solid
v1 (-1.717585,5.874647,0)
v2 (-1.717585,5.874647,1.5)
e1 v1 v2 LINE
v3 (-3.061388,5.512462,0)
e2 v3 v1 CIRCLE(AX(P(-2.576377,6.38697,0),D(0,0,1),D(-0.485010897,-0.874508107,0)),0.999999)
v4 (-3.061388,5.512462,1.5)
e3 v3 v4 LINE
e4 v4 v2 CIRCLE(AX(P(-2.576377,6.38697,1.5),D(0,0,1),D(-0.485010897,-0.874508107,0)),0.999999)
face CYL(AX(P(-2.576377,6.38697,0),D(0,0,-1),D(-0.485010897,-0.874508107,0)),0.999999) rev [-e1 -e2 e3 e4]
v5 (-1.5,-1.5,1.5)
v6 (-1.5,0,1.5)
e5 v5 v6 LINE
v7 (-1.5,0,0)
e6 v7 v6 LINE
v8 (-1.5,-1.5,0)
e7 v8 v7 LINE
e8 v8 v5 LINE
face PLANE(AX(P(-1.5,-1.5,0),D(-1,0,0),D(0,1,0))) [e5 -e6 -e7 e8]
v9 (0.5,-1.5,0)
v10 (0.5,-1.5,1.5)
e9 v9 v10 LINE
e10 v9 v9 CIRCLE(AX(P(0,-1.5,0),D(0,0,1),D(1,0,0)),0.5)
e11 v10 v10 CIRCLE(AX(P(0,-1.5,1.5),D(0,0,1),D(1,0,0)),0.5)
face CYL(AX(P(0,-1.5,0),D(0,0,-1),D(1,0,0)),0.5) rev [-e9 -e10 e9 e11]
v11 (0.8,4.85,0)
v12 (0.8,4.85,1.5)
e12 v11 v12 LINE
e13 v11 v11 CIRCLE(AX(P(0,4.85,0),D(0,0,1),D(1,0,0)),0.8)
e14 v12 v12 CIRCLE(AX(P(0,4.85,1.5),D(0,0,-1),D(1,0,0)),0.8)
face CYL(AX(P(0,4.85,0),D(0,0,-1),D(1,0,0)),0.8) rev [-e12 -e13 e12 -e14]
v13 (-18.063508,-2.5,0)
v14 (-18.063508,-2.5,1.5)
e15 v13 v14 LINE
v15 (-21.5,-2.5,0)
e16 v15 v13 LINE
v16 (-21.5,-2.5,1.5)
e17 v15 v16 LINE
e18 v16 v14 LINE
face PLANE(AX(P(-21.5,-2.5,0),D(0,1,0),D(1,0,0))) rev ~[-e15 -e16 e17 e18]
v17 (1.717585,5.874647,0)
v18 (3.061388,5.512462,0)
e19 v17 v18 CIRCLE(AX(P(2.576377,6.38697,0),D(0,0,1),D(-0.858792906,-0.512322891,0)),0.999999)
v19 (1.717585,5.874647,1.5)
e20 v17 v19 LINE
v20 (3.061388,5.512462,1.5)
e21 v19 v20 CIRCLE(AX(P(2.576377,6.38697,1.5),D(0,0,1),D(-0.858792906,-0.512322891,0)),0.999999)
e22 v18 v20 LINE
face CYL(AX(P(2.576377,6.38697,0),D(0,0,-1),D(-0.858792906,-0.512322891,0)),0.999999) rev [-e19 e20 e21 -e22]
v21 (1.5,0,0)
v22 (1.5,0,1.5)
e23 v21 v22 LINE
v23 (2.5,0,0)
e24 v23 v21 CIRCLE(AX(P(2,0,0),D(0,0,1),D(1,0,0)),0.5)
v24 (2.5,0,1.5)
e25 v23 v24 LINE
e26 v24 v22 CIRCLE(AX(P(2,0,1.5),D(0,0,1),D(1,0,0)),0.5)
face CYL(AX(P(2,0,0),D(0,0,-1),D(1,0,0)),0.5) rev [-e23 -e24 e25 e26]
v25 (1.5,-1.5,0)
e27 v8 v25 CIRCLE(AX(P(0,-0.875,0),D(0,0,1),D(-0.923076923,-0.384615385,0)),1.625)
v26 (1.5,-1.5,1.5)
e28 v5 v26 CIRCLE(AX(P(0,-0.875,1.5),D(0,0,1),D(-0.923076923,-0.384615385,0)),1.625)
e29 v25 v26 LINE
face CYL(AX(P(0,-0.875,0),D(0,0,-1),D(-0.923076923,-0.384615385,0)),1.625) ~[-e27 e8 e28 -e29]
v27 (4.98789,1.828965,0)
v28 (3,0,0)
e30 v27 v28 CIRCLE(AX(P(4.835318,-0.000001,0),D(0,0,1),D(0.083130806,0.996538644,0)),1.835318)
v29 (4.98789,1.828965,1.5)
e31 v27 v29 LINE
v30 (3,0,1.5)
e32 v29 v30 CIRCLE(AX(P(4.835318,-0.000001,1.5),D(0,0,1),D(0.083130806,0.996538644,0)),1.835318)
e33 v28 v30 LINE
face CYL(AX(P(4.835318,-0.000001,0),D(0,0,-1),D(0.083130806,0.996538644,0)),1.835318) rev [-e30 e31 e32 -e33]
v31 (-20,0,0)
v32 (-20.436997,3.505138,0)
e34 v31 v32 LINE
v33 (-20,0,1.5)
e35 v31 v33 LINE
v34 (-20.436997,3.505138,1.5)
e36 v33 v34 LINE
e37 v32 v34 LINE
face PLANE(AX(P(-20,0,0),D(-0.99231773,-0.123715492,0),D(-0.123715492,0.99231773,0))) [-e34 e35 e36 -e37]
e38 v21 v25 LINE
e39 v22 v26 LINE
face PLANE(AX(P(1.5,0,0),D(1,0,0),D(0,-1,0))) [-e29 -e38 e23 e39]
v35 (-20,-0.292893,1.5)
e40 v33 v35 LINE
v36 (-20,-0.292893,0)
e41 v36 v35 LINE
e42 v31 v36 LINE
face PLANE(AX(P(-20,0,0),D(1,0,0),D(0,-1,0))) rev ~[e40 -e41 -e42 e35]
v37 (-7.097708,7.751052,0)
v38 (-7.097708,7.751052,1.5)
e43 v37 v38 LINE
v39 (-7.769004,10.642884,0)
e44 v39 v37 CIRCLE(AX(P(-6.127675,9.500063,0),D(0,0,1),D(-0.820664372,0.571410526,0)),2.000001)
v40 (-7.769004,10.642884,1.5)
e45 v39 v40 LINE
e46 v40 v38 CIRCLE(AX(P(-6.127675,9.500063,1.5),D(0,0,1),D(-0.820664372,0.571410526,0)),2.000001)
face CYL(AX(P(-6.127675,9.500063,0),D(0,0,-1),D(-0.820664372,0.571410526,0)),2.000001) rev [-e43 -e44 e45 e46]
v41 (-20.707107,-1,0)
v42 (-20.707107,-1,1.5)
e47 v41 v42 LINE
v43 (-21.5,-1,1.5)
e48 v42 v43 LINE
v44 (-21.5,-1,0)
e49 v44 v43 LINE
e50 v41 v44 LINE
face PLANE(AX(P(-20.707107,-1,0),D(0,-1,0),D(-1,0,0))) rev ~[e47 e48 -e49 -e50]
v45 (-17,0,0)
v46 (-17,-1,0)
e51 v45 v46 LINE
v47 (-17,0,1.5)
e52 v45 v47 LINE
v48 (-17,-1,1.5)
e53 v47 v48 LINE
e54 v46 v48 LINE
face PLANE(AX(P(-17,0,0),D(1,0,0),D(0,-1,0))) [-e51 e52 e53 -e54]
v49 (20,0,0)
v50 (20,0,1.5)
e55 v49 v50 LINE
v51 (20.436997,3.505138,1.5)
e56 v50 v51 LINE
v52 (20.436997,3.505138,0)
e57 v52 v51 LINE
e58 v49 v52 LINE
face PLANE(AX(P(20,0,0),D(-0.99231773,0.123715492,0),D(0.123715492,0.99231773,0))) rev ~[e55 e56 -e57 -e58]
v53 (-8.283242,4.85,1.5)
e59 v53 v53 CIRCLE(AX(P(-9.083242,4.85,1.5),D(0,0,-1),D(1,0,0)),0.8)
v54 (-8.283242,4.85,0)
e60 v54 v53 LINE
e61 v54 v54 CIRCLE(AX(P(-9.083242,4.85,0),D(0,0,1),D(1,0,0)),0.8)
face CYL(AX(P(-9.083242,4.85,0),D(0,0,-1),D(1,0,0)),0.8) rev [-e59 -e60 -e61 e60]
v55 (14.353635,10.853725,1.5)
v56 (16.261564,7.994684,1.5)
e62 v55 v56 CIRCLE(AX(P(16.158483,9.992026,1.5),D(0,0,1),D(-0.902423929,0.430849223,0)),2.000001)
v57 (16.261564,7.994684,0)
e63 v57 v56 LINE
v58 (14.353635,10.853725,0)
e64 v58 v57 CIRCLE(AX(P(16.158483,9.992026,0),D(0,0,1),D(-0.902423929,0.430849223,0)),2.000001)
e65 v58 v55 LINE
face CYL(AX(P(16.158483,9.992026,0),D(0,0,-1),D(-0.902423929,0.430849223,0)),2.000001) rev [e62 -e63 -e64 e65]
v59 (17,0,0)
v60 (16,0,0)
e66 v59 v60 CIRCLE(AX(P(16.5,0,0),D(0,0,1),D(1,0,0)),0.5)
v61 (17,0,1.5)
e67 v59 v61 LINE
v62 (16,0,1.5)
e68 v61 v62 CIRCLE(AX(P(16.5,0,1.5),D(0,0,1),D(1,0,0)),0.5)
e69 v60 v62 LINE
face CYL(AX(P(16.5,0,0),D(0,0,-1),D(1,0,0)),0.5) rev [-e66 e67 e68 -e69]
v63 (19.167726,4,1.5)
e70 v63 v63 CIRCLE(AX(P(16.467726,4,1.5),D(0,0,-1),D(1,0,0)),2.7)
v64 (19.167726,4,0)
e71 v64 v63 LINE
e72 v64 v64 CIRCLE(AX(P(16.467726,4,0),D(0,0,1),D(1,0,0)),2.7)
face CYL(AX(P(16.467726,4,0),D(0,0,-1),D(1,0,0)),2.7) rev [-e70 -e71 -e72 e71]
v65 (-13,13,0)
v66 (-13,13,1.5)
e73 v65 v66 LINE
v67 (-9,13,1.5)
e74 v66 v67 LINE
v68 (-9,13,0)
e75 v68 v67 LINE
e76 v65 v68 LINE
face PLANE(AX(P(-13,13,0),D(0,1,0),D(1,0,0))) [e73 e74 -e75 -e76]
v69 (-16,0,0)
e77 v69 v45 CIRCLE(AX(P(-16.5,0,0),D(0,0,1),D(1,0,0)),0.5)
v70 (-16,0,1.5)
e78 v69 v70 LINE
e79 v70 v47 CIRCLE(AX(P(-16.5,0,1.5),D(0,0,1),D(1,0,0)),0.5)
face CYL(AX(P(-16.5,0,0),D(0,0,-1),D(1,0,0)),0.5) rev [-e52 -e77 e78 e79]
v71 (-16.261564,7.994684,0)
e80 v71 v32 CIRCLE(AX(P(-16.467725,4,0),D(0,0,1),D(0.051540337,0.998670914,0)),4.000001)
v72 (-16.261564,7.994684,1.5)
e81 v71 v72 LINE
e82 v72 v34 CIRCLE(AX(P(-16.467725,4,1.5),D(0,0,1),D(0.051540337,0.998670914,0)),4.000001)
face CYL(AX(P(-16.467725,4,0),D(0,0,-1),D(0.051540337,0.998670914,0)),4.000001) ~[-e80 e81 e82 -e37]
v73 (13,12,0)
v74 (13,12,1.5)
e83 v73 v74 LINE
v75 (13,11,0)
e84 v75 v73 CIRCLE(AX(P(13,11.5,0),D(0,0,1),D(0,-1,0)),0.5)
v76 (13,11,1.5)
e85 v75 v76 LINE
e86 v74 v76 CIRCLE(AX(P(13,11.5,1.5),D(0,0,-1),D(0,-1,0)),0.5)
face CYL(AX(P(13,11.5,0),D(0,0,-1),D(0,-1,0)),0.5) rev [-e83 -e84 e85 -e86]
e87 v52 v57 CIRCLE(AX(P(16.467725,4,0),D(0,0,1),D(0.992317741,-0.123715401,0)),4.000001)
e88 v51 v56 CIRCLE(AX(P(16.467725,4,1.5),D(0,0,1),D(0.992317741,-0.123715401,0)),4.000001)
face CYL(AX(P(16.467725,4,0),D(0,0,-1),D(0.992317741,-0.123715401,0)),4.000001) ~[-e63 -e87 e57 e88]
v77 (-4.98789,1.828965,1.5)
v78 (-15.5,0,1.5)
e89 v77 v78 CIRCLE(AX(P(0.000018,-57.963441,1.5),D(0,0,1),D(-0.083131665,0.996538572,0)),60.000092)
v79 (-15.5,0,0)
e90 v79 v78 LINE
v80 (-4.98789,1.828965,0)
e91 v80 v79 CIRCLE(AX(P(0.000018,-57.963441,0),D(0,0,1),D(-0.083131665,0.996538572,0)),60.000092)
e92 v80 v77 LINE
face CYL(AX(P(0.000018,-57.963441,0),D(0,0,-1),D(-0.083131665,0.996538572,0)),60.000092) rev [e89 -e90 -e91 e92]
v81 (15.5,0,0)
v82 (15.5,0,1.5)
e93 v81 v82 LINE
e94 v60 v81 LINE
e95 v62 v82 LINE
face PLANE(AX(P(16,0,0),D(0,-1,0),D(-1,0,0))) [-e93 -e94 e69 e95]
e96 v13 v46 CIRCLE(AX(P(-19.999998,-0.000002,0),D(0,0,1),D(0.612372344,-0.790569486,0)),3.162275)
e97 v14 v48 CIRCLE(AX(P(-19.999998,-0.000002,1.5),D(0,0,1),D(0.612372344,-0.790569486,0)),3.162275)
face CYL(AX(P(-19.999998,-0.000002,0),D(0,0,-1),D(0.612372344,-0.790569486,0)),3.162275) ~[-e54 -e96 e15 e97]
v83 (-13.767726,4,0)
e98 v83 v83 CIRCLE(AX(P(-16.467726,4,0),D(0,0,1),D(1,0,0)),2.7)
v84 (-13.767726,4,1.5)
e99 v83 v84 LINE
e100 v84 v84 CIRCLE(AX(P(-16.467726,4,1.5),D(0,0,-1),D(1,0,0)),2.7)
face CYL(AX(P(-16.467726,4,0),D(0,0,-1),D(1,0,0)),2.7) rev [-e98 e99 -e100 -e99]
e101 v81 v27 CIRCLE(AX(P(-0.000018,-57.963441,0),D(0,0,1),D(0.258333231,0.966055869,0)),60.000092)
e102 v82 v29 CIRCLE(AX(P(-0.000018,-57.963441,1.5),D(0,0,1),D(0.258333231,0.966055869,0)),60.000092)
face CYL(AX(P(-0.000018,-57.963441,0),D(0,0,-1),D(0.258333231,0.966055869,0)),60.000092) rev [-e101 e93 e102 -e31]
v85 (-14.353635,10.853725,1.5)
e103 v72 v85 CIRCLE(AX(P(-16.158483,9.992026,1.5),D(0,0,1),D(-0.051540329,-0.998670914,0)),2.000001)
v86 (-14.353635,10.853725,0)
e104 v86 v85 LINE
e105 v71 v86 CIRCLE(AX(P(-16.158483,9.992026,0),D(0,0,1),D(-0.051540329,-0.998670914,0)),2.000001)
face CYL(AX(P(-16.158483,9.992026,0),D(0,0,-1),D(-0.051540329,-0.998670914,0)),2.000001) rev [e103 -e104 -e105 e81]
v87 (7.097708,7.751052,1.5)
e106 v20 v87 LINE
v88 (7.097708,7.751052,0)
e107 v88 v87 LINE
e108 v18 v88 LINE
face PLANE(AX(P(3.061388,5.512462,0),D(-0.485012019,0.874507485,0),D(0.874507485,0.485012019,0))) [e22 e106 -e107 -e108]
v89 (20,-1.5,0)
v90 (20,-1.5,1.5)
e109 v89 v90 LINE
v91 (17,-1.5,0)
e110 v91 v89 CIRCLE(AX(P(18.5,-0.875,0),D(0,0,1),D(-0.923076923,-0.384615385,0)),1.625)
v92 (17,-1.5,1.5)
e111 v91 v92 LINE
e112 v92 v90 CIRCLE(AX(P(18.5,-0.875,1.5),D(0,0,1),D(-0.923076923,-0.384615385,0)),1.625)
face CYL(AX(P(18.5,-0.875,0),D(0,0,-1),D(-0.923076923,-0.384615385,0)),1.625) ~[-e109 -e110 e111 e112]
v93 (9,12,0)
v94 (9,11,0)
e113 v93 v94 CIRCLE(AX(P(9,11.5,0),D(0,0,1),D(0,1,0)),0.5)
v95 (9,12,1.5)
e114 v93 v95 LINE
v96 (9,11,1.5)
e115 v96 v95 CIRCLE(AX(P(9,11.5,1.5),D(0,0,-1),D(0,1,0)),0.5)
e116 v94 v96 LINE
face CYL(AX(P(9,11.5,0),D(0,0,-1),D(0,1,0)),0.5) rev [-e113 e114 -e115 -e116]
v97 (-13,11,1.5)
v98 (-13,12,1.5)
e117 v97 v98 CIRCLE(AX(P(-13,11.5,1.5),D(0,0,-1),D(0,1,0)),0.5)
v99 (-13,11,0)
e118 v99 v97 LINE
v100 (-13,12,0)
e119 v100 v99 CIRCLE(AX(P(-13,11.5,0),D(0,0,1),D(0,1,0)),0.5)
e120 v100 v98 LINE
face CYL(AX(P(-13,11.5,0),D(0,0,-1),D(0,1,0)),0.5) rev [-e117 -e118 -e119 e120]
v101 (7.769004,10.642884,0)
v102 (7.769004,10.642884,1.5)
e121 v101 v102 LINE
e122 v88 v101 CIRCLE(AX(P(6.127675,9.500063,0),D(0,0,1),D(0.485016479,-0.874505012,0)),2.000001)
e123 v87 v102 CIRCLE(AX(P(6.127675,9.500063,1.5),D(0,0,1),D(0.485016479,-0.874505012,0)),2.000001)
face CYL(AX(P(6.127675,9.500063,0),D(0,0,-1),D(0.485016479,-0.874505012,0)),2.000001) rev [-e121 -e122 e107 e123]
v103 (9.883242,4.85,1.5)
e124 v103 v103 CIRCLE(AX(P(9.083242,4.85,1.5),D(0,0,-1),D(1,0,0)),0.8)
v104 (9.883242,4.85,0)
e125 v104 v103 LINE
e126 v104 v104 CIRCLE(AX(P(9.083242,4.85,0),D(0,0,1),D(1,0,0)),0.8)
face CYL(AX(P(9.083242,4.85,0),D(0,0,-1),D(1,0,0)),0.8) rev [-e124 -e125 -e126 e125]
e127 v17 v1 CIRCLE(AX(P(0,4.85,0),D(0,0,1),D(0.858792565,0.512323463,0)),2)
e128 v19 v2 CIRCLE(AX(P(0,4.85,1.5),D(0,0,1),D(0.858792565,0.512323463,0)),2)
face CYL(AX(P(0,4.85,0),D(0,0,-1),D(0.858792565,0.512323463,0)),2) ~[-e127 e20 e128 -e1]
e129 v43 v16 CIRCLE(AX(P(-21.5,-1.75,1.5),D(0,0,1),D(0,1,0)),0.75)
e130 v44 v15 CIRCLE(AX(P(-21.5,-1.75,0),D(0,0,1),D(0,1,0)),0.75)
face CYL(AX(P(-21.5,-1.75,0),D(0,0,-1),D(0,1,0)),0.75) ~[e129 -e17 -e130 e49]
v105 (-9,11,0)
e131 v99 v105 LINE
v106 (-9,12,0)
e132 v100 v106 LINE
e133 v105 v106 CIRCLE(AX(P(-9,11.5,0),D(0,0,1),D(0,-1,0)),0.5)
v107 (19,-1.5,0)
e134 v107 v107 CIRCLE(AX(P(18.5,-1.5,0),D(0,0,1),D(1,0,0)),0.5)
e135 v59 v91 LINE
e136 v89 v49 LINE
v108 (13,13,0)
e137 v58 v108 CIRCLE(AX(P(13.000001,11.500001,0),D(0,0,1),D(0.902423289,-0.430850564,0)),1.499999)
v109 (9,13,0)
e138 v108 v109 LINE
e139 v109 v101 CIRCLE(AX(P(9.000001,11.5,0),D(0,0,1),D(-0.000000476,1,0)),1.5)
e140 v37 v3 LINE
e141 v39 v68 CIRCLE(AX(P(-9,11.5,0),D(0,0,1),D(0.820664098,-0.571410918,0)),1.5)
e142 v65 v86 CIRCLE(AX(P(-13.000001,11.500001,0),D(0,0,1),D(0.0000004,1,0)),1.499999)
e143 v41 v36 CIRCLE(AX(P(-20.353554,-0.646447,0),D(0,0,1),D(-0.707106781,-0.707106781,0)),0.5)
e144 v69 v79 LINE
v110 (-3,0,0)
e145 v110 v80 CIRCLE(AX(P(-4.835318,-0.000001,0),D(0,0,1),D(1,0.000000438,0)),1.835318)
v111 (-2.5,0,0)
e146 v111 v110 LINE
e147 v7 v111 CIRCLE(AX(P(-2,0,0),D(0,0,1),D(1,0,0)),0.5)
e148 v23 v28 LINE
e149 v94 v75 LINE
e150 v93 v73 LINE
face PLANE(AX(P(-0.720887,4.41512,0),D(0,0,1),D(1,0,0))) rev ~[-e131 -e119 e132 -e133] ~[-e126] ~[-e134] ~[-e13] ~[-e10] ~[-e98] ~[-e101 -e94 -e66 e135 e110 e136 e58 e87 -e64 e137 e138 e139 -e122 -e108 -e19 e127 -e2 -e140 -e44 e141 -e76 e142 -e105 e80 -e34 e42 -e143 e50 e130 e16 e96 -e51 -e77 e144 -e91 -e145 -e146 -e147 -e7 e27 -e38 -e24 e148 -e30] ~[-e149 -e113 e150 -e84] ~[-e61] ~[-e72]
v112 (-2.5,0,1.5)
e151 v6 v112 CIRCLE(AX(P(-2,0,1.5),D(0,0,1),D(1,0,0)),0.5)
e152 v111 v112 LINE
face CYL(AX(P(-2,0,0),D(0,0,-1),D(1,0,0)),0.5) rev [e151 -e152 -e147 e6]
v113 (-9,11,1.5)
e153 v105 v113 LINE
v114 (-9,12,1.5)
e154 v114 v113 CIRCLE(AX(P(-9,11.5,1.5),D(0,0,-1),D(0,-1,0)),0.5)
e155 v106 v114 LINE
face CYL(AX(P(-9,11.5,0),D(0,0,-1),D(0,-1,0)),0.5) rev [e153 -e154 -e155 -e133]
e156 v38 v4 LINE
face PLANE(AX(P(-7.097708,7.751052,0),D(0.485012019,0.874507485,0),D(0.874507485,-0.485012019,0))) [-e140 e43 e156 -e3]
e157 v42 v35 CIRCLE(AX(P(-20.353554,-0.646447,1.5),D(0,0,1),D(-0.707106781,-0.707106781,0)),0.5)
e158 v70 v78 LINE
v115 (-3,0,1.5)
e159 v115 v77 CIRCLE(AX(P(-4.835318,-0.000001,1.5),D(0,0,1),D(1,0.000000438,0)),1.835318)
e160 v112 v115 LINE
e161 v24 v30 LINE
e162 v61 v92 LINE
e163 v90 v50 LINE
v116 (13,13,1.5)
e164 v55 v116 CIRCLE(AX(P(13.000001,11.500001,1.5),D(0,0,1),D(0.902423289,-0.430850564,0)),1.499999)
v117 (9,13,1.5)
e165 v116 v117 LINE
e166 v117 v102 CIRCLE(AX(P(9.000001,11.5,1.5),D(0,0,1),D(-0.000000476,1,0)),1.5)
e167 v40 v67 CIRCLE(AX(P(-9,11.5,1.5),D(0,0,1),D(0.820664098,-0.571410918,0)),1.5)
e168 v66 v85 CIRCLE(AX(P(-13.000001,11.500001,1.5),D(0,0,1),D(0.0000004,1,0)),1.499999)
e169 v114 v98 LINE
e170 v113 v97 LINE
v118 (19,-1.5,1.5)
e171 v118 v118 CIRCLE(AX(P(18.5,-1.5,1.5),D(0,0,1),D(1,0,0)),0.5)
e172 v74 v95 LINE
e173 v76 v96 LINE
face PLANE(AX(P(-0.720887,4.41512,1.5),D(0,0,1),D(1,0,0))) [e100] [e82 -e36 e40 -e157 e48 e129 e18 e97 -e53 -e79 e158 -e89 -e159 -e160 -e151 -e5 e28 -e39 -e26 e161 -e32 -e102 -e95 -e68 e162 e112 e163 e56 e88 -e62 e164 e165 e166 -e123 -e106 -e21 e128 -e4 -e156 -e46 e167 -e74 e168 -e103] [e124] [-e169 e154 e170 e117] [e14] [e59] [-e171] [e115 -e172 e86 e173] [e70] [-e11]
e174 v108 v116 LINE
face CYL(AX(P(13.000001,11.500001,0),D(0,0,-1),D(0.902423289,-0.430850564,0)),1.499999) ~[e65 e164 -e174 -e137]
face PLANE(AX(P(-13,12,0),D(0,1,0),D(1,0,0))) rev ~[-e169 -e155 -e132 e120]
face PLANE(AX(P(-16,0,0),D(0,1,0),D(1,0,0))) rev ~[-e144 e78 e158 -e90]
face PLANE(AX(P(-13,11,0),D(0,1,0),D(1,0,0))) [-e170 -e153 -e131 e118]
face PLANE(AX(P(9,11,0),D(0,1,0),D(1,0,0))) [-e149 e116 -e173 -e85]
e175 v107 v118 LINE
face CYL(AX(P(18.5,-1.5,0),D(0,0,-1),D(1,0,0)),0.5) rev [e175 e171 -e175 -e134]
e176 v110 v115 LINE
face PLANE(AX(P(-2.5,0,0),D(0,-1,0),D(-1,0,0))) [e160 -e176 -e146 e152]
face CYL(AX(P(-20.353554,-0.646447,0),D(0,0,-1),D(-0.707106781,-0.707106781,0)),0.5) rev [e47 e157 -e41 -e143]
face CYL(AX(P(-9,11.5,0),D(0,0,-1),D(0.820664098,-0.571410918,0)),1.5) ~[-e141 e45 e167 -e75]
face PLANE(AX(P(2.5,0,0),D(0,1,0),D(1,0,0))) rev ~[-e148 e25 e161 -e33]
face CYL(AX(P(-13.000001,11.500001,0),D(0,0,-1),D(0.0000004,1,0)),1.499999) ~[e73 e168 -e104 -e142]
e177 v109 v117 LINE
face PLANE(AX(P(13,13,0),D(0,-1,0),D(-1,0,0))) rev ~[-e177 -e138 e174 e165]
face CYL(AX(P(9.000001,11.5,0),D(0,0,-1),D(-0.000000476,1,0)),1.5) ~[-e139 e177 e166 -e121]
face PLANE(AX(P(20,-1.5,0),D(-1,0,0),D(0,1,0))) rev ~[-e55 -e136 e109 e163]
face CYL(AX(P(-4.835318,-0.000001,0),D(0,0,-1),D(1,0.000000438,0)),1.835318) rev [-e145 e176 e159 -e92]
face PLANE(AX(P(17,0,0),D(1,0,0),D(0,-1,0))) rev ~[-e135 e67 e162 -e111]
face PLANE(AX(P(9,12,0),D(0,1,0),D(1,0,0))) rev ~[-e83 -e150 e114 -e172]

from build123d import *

# Parameters (mm, degrees)
SKETCH007_R          = 0.5
PAD001_DEPTH         = 1.5
POCKET_DEPTH         = 1.501
POCKET_DEPTH_BACK    = 0.001
SKETCH_R             = 0.8
SKETCH_R_2           = 2.7
POCKET001_DEPTH      = 1.501
POCKET001_DEPTH_BACK = 0.001


with BuildPart() as part:
    # Sketch007 → Pad001 (new body)
    with BuildSketch(Plane.XY):
        with BuildLine():
            Line((-20, 0), (-20, -0.292893))
            ThreePointArc((-20.707107, -1), (-20, -1), (-20, -0.292893))
            Line((-20.707107, -1), (-21.5, -1))
            ThreePointArc((-21.5, -1), (-22.25, -1.75), (-21.5, -2.5))
            Line((-21.5, -2.5), (-18.063508, -2.5))
            ThreePointArc((-18.063508, -2.5), (-17.420322, -1.829006), (-17, -1))
            Line((-17, 0), (-17, -1))
            ThreePointArc((-16, 0), (-16.5, 0.5), (-17, 0))
            Line((-16, 0), (-15.5, 0))
            ThreePointArc((-4.98789, 1.828965), (-10.284682, 1.148622), (-15.5, 0))
            ThreePointArc((-3, 0), (-3.592665, 1.350631), (-4.98789, 1.828965))
            Line((-2.5, 0), (-3, 0))
            ThreePointArc((-1.5, 0), (-2, 0.5), (-2.5, 0))
            Line((-1.5, -1.5), (-1.5, 0))
            ThreePointArc((-1.5, -1.5), (0, -2.5), (1.5, -1.5))
            Line((1.5, 0), (1.5, -1.5))
            ThreePointArc((2.5, 0), (2, 0.5), (1.5, 0))
            Line((2.5, 0), (3, 0))
            ThreePointArc((4.98789, 1.828965), (3.592665, 1.350631), (3, 0))
            ThreePointArc((15.5, 0), (10.284682, 1.148622), (4.98789, 1.828965))
            Line((16, 0), (15.5, 0))
            ThreePointArc((17, 0), (16.5, 0.5), (16, 0))
            Line((17, 0), (17, -1.5))
            ThreePointArc((17, -1.5), (18.5, -2.5), (20, -1.5))
            Line((20, -1.5), (20, 0))
            Line((20, 0), (20.436997, 3.505138))
            ThreePointArc((20.436997, 3.505138), (19.396762, 6.724105), (16.261564, 7.994684))
            ThreePointArc((14.353635, 10.853725), (14.494893, 8.88186), (16.261564, 7.994684))
            ThreePointArc((14.353635, 10.853725), (14.268742, 12.300184), (13, 13))
            Line((13, 13), (9, 13))
            ThreePointArc((9, 13), (7.6704, 12.194379), (7.769004, 10.642884))
            ThreePointArc((7.097708, 7.751052), (8.075873, 9.047817), (7.769004, 10.642884))
            Line((3.061388, 5.512462), (7.097708, 7.751052))
            ThreePointArc((1.717585, 5.874647), (2.316142, 5.421425), (3.061388, 5.512462))
            ThreePointArc((1.717585, 5.874647), (0, 6.85), (-1.717585, 5.874647))
            ThreePointArc((-3.061388, 5.512462), (-2.316142, 5.421425), (-1.717585, 5.874647))
            Line((-7.097708, 7.751052), (-3.061388, 5.512462))
            ThreePointArc((-7.769004, 10.642884), (-8.075873, 9.047817), (-7.097708, 7.751052))
            ThreePointArc((-7.769004, 10.642884), (-7.6704, 12.19438), (-9, 13))
            Line((-13, 13), (-9, 13))
            ThreePointArc((-13, 13), (-14.268742, 12.300184), (-14.353635, 10.853725))
            ThreePointArc((-16.261564, 7.994684), (-14.494893, 8.88186), (-14.353635, 10.853725))
            ThreePointArc((-16.261564, 7.994684), (-19.396762, 6.724105), (-20.436997, 3.505138))
            Line((-20, 0), (-20.436997, 3.505138))
        make_face()
        with Locations((18.5, -1.5)):
            Circle(SKETCH007_R, mode=Mode.SUBTRACT)
        with Locations((0, -1.5)):
            Circle(SKETCH007_R, mode=Mode.SUBTRACT)
    extrude(amount=PAD001_DEPTH)

    # Sketch006 → Pocket (cut, two sides)
    with BuildSketch(Plane.XY) as pocket_sk:
        with BuildLine():
            ThreePointArc((-13, 12), (-13.5, 11.5), (-13, 11))
            Line((-13, 11), (-9, 11))
            ThreePointArc((-9, 11), (-8.5, 11.5), (-9, 12))
            Line((-13, 12), (-9, 12))
        make_face()
        with BuildLine():
            ThreePointArc((9, 12), (8.5, 11.5), (9, 11))
            Line((9, 11), (13, 11))
            ThreePointArc((13, 11), (13.5, 11.5), (13, 12))
            Line((9, 12), (13, 12))
        make_face()
    extrude(amount=POCKET_DEPTH, mode=Mode.SUBTRACT)
    extrude(pocket_sk.sketch, amount=-POCKET_DEPTH_BACK, mode=Mode.SUBTRACT)

    # Sketch → Pocket001 (cut, two sides)
    with BuildSketch(Plane.XY) as pocket001_sk:
        with Locations((-9.083242, 4.85)):
            Circle(SKETCH_R)
        with Locations((9.083242, 4.85)):
            Circle(SKETCH_R)
        with Locations((0, 4.85)):
            Circle(SKETCH_R)
        with Locations((-16.467726, 4)):
            Circle(SKETCH_R_2)
        with Locations((16.467726, 4)):
            Circle(SKETCH_R_2)
    extrude(amount=POCKET001_DEPTH, mode=Mode.SUBTRACT)
    extrude(pocket001_sk.sketch, amount=-POCKET001_DEPTH_BACK, mode=Mode.SUBTRACT)


solid = part.part
